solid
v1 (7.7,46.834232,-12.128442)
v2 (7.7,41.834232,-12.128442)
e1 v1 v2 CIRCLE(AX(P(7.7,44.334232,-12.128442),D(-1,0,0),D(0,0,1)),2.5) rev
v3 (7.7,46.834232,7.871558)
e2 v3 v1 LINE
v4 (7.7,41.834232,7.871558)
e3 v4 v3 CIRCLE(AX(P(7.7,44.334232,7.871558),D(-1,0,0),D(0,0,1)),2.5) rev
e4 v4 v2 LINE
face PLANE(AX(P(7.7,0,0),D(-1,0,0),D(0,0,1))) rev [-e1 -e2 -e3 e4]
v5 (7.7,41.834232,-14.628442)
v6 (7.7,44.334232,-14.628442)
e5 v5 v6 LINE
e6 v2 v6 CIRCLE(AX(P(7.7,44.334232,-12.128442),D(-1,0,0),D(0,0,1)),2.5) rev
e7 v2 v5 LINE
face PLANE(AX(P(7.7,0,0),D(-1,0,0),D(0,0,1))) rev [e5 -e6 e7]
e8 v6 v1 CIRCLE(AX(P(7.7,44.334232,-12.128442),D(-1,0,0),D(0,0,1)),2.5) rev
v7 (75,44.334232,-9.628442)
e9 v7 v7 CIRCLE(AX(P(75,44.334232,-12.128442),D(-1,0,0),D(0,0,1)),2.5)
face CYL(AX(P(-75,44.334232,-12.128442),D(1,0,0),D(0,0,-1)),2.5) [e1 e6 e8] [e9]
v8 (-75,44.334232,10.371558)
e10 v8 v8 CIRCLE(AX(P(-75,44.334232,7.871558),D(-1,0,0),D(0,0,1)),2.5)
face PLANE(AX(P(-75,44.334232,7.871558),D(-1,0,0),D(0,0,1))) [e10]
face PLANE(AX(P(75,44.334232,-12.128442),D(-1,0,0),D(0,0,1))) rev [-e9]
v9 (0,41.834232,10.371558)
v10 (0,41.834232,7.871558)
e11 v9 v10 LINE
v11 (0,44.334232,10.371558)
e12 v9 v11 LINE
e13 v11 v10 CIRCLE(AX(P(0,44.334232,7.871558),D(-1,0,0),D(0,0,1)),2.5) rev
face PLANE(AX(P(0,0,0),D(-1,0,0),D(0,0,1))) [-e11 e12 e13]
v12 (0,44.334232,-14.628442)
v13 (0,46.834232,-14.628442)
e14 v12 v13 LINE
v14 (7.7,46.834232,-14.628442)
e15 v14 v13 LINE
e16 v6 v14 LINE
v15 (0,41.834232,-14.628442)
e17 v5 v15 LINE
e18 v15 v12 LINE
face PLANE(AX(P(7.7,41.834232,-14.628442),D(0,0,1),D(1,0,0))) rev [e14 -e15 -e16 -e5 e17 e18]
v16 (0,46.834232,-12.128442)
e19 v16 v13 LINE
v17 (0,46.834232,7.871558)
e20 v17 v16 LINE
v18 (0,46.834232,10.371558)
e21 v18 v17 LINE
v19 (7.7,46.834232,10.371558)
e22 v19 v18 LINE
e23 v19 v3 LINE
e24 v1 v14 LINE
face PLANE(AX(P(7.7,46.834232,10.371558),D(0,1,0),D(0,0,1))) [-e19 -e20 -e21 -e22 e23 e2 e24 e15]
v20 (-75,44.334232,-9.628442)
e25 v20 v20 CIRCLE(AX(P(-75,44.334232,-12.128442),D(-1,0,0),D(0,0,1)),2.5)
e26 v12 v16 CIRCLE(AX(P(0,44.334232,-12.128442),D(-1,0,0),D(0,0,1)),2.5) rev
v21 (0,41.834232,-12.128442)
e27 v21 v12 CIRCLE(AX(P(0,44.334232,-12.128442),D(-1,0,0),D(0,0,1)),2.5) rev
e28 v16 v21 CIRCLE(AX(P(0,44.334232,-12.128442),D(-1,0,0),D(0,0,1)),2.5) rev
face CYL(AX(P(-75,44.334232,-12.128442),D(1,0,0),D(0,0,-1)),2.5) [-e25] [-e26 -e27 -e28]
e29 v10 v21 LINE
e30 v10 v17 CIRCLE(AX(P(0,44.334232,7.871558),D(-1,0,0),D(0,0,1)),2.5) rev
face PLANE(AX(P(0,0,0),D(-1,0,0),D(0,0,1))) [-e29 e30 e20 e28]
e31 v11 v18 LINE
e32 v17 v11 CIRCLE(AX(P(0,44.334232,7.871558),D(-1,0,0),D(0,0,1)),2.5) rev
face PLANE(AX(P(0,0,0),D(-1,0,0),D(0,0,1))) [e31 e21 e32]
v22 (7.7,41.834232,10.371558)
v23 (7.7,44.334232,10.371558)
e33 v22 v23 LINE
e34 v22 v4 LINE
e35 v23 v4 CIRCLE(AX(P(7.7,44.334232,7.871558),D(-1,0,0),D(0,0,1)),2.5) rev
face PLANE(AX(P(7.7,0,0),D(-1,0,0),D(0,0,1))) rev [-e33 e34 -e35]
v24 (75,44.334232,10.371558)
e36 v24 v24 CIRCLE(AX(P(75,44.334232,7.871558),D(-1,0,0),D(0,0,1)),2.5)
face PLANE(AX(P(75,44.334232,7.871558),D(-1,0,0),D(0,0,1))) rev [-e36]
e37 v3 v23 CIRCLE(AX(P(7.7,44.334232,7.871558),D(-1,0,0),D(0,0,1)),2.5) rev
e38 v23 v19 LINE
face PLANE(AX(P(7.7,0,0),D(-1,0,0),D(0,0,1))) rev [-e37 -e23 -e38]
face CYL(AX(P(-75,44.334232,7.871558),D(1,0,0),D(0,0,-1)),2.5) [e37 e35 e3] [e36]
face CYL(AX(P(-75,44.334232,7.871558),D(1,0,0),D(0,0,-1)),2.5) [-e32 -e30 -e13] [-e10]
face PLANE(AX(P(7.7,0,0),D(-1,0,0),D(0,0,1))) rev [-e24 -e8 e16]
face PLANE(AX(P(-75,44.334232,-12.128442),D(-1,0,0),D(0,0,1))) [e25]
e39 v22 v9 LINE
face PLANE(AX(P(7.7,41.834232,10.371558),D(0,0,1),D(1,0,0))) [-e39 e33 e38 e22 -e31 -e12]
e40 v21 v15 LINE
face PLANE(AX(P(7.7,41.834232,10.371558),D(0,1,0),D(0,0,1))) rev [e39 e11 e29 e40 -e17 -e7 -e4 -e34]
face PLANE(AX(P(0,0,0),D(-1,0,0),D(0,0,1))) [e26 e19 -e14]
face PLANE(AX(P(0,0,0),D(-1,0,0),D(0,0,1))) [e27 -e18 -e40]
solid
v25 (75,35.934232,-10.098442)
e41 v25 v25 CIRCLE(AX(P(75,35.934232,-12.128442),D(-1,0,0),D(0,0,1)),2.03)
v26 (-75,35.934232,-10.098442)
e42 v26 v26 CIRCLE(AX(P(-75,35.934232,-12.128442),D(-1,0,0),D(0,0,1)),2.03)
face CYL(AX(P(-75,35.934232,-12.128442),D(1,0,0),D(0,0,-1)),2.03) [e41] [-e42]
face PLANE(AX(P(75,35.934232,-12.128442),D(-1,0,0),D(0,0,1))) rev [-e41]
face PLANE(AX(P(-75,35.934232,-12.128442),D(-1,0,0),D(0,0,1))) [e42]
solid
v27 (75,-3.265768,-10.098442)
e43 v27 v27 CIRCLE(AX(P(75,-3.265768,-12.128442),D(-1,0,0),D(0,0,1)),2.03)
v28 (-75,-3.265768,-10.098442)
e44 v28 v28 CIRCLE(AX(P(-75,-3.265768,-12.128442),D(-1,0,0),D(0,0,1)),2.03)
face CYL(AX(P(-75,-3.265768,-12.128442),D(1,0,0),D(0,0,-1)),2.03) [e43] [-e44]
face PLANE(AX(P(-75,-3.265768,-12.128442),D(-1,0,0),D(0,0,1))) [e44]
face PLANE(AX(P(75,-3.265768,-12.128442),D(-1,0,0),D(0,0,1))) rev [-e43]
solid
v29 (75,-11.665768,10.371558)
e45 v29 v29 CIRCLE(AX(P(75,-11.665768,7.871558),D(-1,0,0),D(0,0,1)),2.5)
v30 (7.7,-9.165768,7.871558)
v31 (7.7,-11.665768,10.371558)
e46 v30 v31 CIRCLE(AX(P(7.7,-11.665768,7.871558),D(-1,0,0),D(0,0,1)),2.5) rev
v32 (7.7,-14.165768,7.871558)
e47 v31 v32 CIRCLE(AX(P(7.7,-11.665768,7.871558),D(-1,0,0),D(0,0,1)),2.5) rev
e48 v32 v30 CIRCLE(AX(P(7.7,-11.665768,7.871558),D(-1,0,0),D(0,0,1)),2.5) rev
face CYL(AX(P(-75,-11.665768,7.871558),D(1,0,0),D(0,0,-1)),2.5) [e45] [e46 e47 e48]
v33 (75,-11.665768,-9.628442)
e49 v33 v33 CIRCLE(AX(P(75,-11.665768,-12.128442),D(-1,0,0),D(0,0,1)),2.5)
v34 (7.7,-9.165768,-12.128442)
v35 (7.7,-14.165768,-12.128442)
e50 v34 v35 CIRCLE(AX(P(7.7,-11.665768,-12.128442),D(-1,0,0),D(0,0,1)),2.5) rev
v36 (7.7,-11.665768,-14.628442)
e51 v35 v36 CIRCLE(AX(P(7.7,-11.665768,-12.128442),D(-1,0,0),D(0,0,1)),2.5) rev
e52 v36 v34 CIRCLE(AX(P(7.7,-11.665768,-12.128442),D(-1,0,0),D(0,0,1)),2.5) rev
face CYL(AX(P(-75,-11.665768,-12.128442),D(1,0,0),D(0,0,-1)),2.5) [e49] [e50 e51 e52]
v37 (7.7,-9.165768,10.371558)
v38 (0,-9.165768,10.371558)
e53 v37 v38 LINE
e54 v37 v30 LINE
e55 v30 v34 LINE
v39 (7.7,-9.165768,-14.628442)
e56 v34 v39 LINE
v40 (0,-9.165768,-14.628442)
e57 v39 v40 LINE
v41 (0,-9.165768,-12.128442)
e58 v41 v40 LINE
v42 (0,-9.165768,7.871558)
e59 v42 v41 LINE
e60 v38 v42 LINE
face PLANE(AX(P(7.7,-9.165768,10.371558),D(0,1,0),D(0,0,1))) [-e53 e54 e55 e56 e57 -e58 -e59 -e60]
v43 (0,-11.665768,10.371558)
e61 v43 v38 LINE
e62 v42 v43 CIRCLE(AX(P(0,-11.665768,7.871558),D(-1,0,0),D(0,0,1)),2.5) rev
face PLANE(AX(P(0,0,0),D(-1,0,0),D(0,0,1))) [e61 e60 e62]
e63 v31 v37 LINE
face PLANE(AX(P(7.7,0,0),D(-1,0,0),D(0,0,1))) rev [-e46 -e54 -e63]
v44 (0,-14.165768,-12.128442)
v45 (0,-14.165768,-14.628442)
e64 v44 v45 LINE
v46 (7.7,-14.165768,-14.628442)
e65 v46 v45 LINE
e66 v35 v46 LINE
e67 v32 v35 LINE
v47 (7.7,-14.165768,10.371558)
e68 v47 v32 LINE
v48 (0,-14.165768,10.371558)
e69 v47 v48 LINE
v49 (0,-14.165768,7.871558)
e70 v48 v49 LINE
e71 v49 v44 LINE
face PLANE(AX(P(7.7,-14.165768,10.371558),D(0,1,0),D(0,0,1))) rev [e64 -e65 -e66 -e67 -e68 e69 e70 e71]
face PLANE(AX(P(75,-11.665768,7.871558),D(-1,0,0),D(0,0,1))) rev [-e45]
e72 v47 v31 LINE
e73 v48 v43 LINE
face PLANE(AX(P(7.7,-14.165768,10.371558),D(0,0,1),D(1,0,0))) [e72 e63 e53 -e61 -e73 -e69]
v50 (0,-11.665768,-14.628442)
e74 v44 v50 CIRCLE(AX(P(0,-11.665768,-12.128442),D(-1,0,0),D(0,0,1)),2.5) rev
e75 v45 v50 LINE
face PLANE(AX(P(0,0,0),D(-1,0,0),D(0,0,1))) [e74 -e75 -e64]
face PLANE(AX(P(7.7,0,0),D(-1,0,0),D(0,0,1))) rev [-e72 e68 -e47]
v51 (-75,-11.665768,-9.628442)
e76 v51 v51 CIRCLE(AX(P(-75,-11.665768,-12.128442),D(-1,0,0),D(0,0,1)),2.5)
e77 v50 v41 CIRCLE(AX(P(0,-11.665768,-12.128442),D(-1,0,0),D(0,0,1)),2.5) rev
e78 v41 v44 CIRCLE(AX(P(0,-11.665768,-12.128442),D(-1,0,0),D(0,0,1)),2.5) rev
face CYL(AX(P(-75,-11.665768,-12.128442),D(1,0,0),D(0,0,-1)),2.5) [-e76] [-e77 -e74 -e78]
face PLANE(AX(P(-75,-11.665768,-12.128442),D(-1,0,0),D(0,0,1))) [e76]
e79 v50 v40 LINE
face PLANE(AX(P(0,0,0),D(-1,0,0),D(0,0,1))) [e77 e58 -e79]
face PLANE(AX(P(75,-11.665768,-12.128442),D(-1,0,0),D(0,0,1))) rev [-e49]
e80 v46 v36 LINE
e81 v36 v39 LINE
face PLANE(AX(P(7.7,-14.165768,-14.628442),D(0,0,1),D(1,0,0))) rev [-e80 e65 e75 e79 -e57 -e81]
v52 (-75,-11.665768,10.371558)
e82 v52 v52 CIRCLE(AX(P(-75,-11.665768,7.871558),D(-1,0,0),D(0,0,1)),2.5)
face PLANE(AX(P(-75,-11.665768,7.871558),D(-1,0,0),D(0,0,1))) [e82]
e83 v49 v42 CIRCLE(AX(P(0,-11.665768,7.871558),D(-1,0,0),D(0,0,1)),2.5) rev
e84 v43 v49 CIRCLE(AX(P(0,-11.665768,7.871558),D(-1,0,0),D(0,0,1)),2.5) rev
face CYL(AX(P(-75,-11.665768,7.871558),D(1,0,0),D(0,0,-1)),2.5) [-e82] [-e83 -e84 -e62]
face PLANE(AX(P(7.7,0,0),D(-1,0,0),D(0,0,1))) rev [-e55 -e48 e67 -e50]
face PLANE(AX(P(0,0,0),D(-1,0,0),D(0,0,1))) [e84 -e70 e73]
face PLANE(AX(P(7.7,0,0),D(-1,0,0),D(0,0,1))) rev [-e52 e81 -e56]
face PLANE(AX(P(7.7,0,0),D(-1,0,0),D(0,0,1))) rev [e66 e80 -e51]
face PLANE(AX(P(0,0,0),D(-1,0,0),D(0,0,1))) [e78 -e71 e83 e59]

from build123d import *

# Parameters (mm, degrees)
CROQUIS1_W                = 25
CROQUIS1_H                = 5
SALIENTE_EXTRUIR1_DEPTH   = 7.7
SALIENTE_EXTRUIR1_2_DEPTH = 7.7
CROQUIS2_R                = 2.5
CROQUIS2_R_2              = 2.03
SALIENTE_EXTRUIR2_DEPTH   = 75


with BuildPart() as part:
    # Croquis1 → Saliente-Extruir1 (new body)
    with BuildSketch(Plane(origin=(0, 0, 0), x_dir=(0, 0, -1), z_dir=(1, 0, 0))):
        with Locations((2.128442445, 44.334232457)):
            Rectangle(CROQUIS1_W, CROQUIS1_H)
    extrude(amount=SALIENTE_EXTRUIR1_DEPTH)



with BuildPart() as body_2:
    # Croquis1 → Saliente-Extruir1 2 (new body)
    with BuildSketch(Plane(origin=(0, 0, 0), x_dir=(0, 0, -1), z_dir=(1, 0, 0))):
        with Locations((2.128442445, -11.665767543)):
            Rectangle(CROQUIS1_W, CROQUIS1_H)
    extrude(amount=SALIENTE_EXTRUIR1_2_DEPTH)


with BuildPart() as part_1:
    add(part.part)

    add(body_2.part)  # Saliente-Extruir2 merges body 2
    # Croquis2 → Saliente-Extruir2 (add, symmetric)
    with BuildSketch(Plane.ZY):
        with Locations((-12.128442445, 44.334232457)):
            Circle(CROQUIS2_R)
        with Locations((7.871557555, 44.334232457)):
            Circle(CROQUIS2_R)
        with Locations((7.871557555, -11.665767543)):
            Circle(CROQUIS2_R)
        with Locations((-12.128442445, -11.665767543)):
            Circle(CROQUIS2_R)
        with Locations((-12.128442445, 35.934232457)):
            Circle(CROQUIS2_R_2)
        with Locations((-12.128442445, -3.265767543)):
            Circle(CROQUIS2_R_2)
    extrude(amount=SALIENTE_EXTRUIR2_DEPTH, both=True)


solid = part_1.part
